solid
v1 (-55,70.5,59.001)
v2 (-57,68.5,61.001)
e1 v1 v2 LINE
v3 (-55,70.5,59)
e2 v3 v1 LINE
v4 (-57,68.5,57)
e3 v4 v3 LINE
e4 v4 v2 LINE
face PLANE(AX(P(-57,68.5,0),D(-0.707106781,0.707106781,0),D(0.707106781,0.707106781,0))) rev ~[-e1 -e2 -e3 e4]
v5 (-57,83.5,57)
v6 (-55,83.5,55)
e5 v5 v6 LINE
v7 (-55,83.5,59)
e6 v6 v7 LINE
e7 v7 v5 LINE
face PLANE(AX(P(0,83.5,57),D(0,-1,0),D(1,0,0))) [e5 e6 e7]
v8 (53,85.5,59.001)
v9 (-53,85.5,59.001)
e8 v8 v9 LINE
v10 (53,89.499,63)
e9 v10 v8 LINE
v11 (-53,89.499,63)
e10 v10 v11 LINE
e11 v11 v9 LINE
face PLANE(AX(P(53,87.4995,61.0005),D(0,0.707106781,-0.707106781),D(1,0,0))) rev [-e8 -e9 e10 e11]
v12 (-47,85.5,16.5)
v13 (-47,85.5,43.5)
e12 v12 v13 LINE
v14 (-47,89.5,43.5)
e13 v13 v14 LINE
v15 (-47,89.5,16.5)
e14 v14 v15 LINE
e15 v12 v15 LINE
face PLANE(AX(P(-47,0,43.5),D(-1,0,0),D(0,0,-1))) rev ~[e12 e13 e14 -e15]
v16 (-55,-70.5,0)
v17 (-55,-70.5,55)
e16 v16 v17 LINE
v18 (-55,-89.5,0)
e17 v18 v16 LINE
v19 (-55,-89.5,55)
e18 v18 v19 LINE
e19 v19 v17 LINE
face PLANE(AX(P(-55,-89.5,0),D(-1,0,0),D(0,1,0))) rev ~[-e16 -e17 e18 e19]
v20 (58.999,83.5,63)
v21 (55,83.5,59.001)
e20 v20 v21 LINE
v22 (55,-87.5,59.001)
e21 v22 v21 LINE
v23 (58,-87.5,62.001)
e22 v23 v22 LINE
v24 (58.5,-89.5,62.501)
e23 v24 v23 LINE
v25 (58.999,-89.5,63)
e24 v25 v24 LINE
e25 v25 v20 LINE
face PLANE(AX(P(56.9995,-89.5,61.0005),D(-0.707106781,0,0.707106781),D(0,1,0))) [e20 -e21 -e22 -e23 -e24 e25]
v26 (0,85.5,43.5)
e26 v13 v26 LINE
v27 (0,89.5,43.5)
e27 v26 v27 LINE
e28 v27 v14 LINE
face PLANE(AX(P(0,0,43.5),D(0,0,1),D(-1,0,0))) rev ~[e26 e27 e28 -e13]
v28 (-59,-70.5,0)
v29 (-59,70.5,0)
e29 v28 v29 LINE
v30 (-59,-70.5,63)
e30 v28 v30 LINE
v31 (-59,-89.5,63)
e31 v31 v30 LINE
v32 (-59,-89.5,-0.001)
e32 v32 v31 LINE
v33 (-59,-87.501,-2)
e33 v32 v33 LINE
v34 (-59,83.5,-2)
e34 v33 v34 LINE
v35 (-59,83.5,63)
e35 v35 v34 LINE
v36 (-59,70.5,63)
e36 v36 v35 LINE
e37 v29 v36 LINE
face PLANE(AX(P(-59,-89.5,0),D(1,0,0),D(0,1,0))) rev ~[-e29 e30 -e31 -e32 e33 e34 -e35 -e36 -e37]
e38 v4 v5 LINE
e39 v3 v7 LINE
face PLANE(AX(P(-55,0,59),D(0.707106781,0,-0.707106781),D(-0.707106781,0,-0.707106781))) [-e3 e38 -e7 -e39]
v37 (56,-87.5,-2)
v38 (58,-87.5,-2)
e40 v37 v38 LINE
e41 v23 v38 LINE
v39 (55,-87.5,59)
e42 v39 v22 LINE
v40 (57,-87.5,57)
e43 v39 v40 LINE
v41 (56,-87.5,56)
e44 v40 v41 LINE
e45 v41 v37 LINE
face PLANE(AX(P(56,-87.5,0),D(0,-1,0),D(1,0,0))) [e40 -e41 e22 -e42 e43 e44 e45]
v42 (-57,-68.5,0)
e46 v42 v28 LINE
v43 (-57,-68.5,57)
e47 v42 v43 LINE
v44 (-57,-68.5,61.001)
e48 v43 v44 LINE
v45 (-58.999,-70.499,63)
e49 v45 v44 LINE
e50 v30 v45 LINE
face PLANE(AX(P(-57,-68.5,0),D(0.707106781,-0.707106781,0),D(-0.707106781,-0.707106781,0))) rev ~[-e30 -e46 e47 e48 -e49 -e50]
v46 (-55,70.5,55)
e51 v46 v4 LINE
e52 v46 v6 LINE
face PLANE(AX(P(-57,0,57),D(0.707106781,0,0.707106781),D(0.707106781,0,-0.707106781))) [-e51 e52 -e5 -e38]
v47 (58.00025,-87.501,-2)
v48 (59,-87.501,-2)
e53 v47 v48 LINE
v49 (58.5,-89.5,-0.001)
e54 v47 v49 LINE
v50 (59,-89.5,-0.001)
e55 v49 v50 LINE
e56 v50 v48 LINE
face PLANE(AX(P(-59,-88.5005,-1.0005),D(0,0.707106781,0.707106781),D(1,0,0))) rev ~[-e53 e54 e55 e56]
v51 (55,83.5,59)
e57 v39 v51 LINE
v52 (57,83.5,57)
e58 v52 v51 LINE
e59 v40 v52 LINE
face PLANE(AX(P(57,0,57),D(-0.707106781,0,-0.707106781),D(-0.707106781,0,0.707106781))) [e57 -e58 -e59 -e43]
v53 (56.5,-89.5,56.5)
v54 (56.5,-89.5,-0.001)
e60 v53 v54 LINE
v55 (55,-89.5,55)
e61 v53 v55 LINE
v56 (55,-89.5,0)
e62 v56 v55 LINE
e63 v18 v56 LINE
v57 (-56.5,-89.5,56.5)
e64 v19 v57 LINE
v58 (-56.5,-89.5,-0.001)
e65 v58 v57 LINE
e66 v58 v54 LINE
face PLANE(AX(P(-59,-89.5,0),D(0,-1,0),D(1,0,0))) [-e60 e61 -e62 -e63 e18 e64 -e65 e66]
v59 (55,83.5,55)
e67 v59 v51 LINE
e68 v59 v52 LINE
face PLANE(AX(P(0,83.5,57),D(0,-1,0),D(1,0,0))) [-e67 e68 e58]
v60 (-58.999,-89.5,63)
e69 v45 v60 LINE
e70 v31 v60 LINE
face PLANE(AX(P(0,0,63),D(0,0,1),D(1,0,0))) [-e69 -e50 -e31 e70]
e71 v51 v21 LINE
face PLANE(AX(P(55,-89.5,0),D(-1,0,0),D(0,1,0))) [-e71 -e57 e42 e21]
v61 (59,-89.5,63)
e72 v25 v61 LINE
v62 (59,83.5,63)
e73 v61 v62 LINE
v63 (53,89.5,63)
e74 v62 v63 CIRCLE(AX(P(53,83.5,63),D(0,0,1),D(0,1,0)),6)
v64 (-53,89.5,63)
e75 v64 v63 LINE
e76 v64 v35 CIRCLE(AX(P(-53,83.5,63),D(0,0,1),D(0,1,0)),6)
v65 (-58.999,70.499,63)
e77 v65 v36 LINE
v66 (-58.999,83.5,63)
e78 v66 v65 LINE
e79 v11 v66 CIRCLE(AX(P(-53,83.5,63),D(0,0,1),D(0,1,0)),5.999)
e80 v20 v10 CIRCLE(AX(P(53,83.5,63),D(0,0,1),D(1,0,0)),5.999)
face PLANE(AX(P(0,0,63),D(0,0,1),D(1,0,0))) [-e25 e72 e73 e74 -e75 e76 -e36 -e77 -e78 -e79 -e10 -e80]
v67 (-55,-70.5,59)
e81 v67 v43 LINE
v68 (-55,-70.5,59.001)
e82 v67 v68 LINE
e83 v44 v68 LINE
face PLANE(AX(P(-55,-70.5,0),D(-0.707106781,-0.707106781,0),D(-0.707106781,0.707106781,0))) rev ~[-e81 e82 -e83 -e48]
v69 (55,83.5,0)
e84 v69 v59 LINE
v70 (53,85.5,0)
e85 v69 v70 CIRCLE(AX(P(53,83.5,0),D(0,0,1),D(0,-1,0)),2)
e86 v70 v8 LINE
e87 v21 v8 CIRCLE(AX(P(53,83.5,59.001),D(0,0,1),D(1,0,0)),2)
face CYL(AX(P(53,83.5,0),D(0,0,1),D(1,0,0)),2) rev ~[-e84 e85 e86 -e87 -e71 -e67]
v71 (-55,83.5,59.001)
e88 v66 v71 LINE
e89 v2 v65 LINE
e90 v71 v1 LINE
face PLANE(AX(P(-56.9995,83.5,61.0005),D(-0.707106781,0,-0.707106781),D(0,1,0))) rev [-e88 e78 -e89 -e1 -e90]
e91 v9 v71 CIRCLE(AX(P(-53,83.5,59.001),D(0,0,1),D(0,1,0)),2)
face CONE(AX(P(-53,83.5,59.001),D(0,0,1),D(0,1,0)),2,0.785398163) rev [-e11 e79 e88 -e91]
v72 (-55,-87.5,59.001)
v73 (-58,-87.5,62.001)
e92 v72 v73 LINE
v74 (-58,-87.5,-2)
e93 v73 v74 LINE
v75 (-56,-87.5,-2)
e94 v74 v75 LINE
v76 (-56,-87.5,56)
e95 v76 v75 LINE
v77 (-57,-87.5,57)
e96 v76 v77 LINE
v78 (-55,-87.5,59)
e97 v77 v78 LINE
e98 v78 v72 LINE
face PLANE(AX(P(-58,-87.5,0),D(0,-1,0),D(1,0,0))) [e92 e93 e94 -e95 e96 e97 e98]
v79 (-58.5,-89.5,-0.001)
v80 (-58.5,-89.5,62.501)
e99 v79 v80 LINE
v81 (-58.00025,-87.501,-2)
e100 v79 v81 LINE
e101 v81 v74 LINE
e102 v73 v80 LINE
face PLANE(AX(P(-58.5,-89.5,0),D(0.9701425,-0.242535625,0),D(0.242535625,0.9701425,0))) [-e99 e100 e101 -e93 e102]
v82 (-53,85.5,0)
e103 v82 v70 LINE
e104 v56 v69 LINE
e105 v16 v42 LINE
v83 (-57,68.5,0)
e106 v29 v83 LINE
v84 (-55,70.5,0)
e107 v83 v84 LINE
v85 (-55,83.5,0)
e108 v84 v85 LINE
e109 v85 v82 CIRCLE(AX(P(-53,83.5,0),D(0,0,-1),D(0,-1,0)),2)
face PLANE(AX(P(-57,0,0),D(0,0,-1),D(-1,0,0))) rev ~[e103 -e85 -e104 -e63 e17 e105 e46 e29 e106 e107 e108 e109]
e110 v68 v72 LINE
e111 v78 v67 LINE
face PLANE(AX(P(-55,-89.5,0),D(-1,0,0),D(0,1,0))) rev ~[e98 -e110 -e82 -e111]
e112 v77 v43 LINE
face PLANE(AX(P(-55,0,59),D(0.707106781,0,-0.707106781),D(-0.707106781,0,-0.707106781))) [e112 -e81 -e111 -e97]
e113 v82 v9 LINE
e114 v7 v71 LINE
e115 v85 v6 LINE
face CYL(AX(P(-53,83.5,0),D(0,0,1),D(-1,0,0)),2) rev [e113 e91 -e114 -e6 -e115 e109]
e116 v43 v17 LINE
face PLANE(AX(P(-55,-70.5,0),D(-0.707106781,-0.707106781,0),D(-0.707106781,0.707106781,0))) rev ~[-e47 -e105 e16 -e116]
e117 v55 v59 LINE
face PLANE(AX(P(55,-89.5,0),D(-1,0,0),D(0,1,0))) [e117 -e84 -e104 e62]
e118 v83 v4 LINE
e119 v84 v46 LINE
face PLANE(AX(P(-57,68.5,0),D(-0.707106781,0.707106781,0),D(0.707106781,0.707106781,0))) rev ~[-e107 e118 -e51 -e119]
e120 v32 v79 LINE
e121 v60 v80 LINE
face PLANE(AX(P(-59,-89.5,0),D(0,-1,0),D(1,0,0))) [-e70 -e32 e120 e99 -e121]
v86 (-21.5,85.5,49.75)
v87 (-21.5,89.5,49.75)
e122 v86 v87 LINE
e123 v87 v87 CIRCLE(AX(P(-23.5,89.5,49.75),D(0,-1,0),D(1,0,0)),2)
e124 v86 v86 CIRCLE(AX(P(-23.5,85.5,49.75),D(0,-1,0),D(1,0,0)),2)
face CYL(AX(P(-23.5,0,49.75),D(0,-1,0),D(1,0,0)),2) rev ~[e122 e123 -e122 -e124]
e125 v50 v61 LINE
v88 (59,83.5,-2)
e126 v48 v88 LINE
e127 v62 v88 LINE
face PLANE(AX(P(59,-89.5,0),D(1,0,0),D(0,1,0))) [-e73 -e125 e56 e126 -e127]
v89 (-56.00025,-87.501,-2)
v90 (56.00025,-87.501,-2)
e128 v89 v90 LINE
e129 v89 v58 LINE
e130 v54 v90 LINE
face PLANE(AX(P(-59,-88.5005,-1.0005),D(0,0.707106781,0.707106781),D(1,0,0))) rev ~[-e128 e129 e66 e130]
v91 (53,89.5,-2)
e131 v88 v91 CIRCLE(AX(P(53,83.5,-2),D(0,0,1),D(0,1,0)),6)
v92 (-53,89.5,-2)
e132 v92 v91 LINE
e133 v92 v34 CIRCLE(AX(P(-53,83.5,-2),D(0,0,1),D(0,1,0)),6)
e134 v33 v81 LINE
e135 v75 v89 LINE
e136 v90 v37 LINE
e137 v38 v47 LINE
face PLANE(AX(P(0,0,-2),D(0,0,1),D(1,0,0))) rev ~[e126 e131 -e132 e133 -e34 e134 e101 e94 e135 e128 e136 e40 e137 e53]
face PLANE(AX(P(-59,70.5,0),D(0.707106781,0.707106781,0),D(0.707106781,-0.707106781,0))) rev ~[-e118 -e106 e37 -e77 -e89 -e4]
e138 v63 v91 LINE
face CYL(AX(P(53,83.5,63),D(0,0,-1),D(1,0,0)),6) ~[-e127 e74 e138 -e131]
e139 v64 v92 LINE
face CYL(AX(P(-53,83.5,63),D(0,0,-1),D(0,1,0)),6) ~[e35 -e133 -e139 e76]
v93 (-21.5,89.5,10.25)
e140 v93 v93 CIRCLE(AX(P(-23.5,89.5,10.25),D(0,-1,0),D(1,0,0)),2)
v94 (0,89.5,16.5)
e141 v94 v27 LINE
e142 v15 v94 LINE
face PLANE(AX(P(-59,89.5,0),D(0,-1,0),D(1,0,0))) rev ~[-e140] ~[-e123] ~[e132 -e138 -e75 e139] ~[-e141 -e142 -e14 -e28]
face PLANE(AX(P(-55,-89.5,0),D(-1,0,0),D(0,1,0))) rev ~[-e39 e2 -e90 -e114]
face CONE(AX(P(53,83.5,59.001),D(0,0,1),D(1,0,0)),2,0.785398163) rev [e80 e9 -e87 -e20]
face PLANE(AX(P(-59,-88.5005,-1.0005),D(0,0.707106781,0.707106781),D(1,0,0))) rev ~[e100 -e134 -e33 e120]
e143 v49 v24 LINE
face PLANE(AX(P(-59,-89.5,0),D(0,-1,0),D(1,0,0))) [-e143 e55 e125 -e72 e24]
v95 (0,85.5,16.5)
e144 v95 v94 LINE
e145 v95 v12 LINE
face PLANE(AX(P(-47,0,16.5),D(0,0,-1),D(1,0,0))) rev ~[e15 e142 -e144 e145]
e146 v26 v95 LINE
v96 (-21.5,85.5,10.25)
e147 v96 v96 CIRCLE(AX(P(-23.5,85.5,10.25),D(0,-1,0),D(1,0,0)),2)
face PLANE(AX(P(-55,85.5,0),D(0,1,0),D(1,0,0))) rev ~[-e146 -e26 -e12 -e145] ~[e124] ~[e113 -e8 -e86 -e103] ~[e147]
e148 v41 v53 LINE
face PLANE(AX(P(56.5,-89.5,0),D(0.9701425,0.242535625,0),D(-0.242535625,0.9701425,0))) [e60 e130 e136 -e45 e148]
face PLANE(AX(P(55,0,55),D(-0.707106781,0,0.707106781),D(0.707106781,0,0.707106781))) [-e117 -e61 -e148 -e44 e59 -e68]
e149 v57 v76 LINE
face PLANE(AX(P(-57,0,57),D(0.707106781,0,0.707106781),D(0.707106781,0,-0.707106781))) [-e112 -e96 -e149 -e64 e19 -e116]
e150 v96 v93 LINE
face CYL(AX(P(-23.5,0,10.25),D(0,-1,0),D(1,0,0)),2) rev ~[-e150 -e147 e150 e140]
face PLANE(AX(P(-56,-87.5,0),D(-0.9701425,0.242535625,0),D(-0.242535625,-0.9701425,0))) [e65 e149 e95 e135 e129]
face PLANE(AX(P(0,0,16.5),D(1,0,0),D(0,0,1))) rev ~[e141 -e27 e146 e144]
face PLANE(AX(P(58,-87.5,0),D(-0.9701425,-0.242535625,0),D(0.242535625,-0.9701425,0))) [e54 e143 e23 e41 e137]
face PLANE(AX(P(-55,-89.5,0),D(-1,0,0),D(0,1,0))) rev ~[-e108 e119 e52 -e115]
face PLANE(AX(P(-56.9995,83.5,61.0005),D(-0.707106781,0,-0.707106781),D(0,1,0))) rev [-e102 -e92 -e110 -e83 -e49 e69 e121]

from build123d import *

# Parameters (mm, degrees)
SKETCH_W             = 118
SKETCH_H             = 179
PAD_DEPTH            = 63
PAD_DEPTH_BACK       = 2
SKETCH001_W          = 110
SKETCH001_H          = 175
POCKET_DEPTH         = 63.001
FILLET_R             = 2
FILLET001_R          = 6
CHAMFER_SIZE         = 3.999
POCKET001_DEPTH      = 83.5
POCKET001_DEPTH_BACK = -1000
POCKET002_DEPTH      = 63.001
CHAMFER001_SIZE      = 1.999
POCKET003_DEPTH      = 2.001
POCKET003_DEPTH_BACK = -63.001
SKETCH006_W          = 2
SKETCH006_H          = 2
POCKET004_DEPTH      = 5
SKETCH007_R          = 2
POCKET005_DEPTH      = 89.501


with BuildPart() as part:
    # Sketch → Pad (new body, two sides)
    with BuildSketch(Plane.XY) as pad_sk:
        Rectangle(SKETCH_W, SKETCH_H)
    extrude(amount=PAD_DEPTH)
    extrude(pad_sk.sketch, amount=-PAD_DEPTH_BACK)

    # Sketch001 → Pocket (cut, through all)
    with BuildSketch(Plane.XY):
        with Locations((0, -2)):
            Rectangle(SKETCH001_W, SKETCH001_H)
    extrude(amount=POCKET_DEPTH, mode=Mode.SUBTRACT)

    # Fillet
    fillet_edges = [part.edges().sort_by_distance(p)[0] for p in [
        (55, 85.5, 31.5),
        (-55, 85.5, 31.5),
    ]]
    fillet(fillet_edges, radius=FILLET_R)

    # Fillet001
    fillet001_edges = [part.edges().sort_by_distance(p)[0] for p in [
        (-59, 89.5, 30.5),
        (59, 89.5, 30.5),
    ]]
    fillet(fillet001_edges, radius=FILLET001_R)

    # Chamfer
    chamfer_edges = [part.edges().sort_by_distance(p)[0] for p in [
        (-55, -3, 63),
    ]]
    chamfer(chamfer_edges, length=CHAMFER_SIZE)

    # Sketch003 → Pocket001 (cut, two sides)
    with BuildSketch(Plane.XZ) as pocket001_sk:
        Polygon((-55, 59), (-57, 57), (-55, 55), (55, 55), (57, 57), (55, 59), align=None)
    extrude(amount=-POCKET001_DEPTH, mode=Mode.SUBTRACT)
    extrude(pocket001_sk.sketch, amount=-POCKET001_DEPTH_BACK, mode=Mode.SUBTRACT)

    # Sketch004 → Pocket002 (cut, through all)
    with BuildSketch(Plane.XY):
        Polygon((-59, -70.5), (-59, 70.5), (-57, 68.5), (-55, 70.5), (-55, -70.5), (-57, -68.5), align=None)
    extrude(amount=POCKET002_DEPTH, mode=Mode.SUBTRACT)

    # Chamfer001
    chamfer001_edges = [part.edges().sort_by_distance(p)[0] for p in [
        (0, -89.5, -2),
    ]]
    chamfer(chamfer001_edges, length=CHAMFER001_SIZE)

    # Sketch005 → Pocket003 (cut, two sides)
    with BuildSketch(Plane.XY) as pocket003_sk:
        Polygon((-58.5, -89.5), (-58, -87.5), (-56, -87.5), (-56.5, -89.5), align=None)
        Polygon((58.5, -89.5), (56.5, -89.5), (56, -87.5), (58, -87.5), align=None)
    extrude(amount=-POCKET003_DEPTH, mode=Mode.SUBTRACT)
    extrude(pocket003_sk.sketch, amount=-POCKET003_DEPTH_BACK, mode=Mode.SUBTRACT)

    # Sketch006 (on DatumPlane) → Pocket004 (cut)
    with BuildSketch(Plane.XY.offset(57)):
        with Locations((-56, -88.5)):
            Rectangle(SKETCH006_W, SKETCH006_H)
        with Locations((56, -88.5)):
            Rectangle(SKETCH006_W, SKETCH006_H)
    extrude(amount=POCKET004_DEPTH, mode=Mode.SUBTRACT)

    # Sketch007 → Pocket005 (cut, through all)
    with BuildSketch(Plane.XZ):
        with Locations((-23.5, 10.25)):
            Circle(SKETCH007_R)
        with Locations((-23.5, 49.75)):
            Circle(SKETCH007_R)
        Polygon((0, 43.5), (-47, 43.5), (-47, 30), (-47, 16.5), (0, 16.5), (0, 30), align=None)
    extrude(amount=-POCKET005_DEPTH, mode=Mode.SUBTRACT)


solid = part.part
